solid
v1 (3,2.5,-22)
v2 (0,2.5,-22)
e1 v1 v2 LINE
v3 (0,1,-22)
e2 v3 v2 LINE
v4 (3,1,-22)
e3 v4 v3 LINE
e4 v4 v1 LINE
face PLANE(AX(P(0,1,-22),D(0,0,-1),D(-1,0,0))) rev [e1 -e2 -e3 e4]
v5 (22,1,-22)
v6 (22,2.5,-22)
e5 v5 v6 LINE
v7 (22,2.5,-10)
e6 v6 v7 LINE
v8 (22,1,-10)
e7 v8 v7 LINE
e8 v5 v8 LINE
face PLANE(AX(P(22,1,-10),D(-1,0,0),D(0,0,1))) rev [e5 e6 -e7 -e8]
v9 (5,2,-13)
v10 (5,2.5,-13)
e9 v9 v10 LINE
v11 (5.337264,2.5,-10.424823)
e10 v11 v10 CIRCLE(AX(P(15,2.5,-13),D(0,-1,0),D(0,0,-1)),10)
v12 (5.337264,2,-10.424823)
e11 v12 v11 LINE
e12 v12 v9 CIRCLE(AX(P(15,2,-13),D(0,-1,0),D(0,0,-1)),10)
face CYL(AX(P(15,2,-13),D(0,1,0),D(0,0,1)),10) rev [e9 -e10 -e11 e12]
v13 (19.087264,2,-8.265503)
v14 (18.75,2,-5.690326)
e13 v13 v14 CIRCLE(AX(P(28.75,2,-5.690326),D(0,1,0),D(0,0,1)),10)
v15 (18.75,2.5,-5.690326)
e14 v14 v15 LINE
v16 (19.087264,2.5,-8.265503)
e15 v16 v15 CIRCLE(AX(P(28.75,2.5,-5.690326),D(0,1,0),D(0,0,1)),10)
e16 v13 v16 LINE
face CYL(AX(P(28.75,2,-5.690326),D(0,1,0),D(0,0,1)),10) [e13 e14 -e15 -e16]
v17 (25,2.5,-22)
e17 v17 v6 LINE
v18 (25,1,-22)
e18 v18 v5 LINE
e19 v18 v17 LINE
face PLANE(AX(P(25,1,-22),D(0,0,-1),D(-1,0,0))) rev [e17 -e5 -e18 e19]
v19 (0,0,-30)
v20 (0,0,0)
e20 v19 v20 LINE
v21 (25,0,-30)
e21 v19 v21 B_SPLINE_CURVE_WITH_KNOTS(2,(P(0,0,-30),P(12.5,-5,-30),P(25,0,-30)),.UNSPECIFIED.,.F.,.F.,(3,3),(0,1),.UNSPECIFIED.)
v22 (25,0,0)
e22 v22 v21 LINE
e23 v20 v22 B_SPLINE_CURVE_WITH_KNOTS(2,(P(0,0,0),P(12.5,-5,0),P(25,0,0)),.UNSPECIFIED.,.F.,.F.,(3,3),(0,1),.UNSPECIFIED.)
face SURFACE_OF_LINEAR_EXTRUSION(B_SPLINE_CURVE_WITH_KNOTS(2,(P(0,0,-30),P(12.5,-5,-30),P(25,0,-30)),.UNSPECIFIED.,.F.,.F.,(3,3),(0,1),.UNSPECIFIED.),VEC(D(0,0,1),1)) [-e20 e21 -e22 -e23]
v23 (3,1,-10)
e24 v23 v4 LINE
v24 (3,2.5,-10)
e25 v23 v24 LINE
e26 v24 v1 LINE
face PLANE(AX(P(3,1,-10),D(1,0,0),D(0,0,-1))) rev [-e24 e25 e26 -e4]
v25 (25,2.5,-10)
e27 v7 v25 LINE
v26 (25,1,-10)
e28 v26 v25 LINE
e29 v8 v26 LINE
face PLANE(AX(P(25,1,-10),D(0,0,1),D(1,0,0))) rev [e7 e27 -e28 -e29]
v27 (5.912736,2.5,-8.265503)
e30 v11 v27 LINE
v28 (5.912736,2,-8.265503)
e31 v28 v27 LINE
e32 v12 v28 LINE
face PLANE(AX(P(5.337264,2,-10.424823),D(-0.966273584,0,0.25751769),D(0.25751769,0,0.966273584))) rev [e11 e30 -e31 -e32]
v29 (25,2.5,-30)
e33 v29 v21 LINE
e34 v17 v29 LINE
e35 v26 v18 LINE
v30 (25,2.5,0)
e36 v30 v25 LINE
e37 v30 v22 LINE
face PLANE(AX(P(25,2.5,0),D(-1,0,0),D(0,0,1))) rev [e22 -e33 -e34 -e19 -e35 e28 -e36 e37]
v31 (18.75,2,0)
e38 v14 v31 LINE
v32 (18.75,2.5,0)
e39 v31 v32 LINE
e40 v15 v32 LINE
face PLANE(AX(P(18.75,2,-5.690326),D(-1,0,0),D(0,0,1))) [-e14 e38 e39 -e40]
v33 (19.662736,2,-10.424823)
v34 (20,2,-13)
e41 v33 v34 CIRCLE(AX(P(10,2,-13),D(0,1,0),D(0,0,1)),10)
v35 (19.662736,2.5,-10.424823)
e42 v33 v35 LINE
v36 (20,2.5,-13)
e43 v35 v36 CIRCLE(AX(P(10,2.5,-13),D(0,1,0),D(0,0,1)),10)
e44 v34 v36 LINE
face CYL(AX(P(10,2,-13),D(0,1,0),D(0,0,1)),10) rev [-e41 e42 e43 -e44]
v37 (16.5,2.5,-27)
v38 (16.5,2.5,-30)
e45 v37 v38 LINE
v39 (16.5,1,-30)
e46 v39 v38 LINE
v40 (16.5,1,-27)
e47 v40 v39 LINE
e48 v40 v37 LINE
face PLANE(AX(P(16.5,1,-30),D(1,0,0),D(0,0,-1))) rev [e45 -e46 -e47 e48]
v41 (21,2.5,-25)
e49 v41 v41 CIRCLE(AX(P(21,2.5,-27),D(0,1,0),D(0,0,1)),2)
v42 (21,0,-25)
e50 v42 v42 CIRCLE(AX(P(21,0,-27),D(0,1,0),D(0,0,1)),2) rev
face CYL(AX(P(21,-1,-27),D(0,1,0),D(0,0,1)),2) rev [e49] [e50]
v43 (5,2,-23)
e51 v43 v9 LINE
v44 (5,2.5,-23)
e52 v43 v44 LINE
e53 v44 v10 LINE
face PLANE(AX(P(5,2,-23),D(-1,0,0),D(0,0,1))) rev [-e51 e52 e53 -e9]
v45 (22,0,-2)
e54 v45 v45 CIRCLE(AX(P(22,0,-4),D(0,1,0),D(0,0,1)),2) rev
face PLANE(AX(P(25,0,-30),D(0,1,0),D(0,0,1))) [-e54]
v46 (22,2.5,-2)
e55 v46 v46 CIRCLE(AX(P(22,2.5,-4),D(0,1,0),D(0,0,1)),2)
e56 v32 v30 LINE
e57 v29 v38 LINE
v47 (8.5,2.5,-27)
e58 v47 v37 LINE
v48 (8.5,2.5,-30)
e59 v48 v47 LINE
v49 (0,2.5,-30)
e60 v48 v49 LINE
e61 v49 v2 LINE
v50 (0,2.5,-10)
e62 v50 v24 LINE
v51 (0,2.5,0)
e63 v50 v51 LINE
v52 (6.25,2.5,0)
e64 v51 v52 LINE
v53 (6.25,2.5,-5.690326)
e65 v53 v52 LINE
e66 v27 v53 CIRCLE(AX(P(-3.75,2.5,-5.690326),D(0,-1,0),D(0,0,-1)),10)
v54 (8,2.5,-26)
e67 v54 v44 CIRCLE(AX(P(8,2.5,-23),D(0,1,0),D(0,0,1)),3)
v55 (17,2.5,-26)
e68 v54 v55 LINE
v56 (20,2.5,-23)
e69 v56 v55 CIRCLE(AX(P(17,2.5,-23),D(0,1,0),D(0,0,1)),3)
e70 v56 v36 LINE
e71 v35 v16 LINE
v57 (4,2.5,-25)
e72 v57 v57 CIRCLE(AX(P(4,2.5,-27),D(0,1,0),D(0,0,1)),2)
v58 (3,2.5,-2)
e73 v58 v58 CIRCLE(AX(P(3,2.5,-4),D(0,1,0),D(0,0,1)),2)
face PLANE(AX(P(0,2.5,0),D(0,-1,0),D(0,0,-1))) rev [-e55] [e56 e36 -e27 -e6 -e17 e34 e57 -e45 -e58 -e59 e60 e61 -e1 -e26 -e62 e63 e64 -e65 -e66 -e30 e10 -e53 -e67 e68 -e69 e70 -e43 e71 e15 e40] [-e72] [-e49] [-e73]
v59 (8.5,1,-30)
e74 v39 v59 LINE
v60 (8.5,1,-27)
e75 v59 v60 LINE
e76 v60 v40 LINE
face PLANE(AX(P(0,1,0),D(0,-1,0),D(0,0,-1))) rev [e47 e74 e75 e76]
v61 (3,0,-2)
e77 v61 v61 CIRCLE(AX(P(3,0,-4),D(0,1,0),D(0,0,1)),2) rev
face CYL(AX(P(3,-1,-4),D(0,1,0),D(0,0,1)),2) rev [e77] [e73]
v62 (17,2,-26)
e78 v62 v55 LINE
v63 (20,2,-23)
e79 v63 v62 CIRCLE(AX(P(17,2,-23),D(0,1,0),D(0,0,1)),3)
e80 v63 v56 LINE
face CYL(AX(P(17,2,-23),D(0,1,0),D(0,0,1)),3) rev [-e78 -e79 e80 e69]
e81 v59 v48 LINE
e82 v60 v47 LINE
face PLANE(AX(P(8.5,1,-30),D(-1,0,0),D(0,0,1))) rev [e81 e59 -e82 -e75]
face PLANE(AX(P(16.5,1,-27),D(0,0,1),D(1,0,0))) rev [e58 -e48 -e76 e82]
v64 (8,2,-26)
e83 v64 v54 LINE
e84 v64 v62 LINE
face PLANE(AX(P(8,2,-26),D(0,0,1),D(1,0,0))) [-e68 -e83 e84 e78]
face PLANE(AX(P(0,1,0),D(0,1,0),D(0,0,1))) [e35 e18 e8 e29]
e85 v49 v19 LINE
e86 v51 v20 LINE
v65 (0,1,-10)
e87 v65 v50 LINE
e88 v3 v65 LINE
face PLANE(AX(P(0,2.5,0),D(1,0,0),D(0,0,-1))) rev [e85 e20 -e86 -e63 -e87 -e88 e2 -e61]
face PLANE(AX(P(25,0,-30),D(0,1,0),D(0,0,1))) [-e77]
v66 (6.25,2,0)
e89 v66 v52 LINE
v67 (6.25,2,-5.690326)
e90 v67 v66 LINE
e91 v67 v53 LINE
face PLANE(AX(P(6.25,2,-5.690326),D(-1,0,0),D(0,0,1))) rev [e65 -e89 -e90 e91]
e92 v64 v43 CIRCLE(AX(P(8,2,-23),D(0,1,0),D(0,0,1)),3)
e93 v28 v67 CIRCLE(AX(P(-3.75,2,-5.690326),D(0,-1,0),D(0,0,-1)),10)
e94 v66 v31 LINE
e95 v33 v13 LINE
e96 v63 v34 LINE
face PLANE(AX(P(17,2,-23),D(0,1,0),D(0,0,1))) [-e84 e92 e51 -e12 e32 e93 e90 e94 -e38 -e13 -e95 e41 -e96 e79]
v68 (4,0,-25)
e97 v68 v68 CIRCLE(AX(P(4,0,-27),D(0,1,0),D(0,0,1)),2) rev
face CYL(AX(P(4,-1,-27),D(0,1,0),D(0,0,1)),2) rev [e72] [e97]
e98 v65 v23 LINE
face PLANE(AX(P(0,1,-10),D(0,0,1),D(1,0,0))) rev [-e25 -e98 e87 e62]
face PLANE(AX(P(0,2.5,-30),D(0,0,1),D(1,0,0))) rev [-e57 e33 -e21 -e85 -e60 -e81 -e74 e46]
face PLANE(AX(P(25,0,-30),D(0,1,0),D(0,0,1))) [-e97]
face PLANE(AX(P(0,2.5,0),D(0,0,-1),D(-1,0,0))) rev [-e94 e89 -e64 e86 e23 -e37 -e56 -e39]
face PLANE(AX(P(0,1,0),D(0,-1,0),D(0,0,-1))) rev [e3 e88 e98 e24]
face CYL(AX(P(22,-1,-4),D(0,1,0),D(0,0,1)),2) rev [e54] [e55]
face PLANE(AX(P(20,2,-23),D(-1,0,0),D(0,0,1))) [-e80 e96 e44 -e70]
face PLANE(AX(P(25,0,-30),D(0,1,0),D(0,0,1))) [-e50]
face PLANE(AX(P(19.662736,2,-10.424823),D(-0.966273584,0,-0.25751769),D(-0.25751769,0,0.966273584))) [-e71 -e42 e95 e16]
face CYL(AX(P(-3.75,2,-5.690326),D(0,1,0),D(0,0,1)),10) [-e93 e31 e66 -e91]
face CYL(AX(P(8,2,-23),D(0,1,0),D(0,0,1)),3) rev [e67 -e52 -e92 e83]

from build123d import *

# Parameters (mm, degrees)
SKETCH1_W           = 25
SKETCH1_H           = 30
BOSS_EXTRUDE1_DEPTH = 2.5
CUT_EXTRUDE1_DEPTH  = 0.5
SKETCH3_R           = 2
CUT_EXTRUDE2_DEPTH  = 3.5
BOSS_EXTRUDE2_DEPTH = 30
SKETCH5_W           = 8
SKETCH5_H           = 3
SKETCH5_W_2         = 3
SKETCH5_H_2         = 12
CUT_EXTRUDE3_DEPTH  = 1.5


with BuildPart() as part:
    # Sketch1 → Boss-Extrude1 (new body)
    with BuildSketch(Plane(origin=(0, 0, 0), x_dir=(1, 0, 0), z_dir=(0, 1, 0))):
        with Locations((12.5, 15)):
            Rectangle(SKETCH1_W, SKETCH1_H)
    extrude(amount=BOSS_EXTRUDE1_DEPTH)

    # Sketch2 → Cut-Extrude1 (cut)
    with BuildSketch(Plane(origin=(0, 2.5, 0), x_dir=(1, 0, 0), z_dir=(0, 1, 0))):
        with BuildLine():
            Line((8, 26), (17, 26))
            ThreePointArc((17, 26), (19.121320344, 25.121320344), (20, 23))
            Line((20, 23), (20, 13))
            ThreePointArc((20, 13), (19.915325472, 11.701415851), (19.662735842, 10.424823102))
            Line((19.662735842, 10.424823102), (19.087264158, 8.265503148))
            ThreePointArc((19.087264158, 8.265503148), (18.834674528, 6.988910399), (18.75, 5.690326251))
            Line((18.75, 5.690326251), (18.75, 0))
            Line((18.75, 0), (6.25, 0))
            Line((6.25, 0), (6.25, 5.690326251))
            ThreePointArc((6.25, 5.690326251), (6.165325472, 6.988910399), (5.912735842, 8.265503148))
            Line((5.912735842, 8.265503148), (5.337264158, 10.424823102))
            ThreePointArc((5.337264158, 10.424823102), (5.084674528, 11.701415851), (5, 13))
            Line((5, 13), (5, 23))
            ThreePointArc((5, 23), (5.878679656, 25.121320344), (8, 26))
        make_face()
    extrude(amount=-CUT_EXTRUDE1_DEPTH, mode=Mode.SUBTRACT)

    # Sketch3 → Cut-Extrude2 (cut)
    with BuildSketch(Plane(origin=(0, 2.5, 0), x_dir=(1, 0, 0), z_dir=(0, 1, 0))):
        with Locations((21, 27)):
            Circle(SKETCH3_R)
        with Locations((4, 27)):
            Circle(SKETCH3_R)
        with Locations((3, 4)):
            Circle(SKETCH3_R)
        with Locations((22, 4)):
            Circle(SKETCH3_R)
    extrude(amount=-CUT_EXTRUDE2_DEPTH, mode=Mode.SUBTRACT)

    # Sketch4 → Boss-Extrude2 (add)
    with BuildSketch(Plane.XY):
        with BuildLine():
            Line((25, 0), (0, 0))
            add(Edge.make_bspline(
                [(25, 0), (12.5, -5), (0, 0)],
                knots=[0, 0, 0, 1, 1, 1], degree=2))
        make_face()
    extrude(amount=-BOSS_EXTRUDE2_DEPTH)

    # Sketch5 → Cut-Extrude3 (cut)
    with BuildSketch(Plane(origin=(0, 2.5, 0), x_dir=(1, 0, 0), z_dir=(0, 1, 0))):
        with Locations((12.5, 28.5)):
            Rectangle(SKETCH5_W, SKETCH5_H)
        with Locations((23.5, 16)):
            Rectangle(SKETCH5_W_2, SKETCH5_H_2)
        with Locations((1.5, 16)):
            Rectangle(SKETCH5_W_2, SKETCH5_H_2)
    extrude(amount=-CUT_EXTRUDE3_DEPTH, mode=Mode.SUBTRACT)


solid = part.part
